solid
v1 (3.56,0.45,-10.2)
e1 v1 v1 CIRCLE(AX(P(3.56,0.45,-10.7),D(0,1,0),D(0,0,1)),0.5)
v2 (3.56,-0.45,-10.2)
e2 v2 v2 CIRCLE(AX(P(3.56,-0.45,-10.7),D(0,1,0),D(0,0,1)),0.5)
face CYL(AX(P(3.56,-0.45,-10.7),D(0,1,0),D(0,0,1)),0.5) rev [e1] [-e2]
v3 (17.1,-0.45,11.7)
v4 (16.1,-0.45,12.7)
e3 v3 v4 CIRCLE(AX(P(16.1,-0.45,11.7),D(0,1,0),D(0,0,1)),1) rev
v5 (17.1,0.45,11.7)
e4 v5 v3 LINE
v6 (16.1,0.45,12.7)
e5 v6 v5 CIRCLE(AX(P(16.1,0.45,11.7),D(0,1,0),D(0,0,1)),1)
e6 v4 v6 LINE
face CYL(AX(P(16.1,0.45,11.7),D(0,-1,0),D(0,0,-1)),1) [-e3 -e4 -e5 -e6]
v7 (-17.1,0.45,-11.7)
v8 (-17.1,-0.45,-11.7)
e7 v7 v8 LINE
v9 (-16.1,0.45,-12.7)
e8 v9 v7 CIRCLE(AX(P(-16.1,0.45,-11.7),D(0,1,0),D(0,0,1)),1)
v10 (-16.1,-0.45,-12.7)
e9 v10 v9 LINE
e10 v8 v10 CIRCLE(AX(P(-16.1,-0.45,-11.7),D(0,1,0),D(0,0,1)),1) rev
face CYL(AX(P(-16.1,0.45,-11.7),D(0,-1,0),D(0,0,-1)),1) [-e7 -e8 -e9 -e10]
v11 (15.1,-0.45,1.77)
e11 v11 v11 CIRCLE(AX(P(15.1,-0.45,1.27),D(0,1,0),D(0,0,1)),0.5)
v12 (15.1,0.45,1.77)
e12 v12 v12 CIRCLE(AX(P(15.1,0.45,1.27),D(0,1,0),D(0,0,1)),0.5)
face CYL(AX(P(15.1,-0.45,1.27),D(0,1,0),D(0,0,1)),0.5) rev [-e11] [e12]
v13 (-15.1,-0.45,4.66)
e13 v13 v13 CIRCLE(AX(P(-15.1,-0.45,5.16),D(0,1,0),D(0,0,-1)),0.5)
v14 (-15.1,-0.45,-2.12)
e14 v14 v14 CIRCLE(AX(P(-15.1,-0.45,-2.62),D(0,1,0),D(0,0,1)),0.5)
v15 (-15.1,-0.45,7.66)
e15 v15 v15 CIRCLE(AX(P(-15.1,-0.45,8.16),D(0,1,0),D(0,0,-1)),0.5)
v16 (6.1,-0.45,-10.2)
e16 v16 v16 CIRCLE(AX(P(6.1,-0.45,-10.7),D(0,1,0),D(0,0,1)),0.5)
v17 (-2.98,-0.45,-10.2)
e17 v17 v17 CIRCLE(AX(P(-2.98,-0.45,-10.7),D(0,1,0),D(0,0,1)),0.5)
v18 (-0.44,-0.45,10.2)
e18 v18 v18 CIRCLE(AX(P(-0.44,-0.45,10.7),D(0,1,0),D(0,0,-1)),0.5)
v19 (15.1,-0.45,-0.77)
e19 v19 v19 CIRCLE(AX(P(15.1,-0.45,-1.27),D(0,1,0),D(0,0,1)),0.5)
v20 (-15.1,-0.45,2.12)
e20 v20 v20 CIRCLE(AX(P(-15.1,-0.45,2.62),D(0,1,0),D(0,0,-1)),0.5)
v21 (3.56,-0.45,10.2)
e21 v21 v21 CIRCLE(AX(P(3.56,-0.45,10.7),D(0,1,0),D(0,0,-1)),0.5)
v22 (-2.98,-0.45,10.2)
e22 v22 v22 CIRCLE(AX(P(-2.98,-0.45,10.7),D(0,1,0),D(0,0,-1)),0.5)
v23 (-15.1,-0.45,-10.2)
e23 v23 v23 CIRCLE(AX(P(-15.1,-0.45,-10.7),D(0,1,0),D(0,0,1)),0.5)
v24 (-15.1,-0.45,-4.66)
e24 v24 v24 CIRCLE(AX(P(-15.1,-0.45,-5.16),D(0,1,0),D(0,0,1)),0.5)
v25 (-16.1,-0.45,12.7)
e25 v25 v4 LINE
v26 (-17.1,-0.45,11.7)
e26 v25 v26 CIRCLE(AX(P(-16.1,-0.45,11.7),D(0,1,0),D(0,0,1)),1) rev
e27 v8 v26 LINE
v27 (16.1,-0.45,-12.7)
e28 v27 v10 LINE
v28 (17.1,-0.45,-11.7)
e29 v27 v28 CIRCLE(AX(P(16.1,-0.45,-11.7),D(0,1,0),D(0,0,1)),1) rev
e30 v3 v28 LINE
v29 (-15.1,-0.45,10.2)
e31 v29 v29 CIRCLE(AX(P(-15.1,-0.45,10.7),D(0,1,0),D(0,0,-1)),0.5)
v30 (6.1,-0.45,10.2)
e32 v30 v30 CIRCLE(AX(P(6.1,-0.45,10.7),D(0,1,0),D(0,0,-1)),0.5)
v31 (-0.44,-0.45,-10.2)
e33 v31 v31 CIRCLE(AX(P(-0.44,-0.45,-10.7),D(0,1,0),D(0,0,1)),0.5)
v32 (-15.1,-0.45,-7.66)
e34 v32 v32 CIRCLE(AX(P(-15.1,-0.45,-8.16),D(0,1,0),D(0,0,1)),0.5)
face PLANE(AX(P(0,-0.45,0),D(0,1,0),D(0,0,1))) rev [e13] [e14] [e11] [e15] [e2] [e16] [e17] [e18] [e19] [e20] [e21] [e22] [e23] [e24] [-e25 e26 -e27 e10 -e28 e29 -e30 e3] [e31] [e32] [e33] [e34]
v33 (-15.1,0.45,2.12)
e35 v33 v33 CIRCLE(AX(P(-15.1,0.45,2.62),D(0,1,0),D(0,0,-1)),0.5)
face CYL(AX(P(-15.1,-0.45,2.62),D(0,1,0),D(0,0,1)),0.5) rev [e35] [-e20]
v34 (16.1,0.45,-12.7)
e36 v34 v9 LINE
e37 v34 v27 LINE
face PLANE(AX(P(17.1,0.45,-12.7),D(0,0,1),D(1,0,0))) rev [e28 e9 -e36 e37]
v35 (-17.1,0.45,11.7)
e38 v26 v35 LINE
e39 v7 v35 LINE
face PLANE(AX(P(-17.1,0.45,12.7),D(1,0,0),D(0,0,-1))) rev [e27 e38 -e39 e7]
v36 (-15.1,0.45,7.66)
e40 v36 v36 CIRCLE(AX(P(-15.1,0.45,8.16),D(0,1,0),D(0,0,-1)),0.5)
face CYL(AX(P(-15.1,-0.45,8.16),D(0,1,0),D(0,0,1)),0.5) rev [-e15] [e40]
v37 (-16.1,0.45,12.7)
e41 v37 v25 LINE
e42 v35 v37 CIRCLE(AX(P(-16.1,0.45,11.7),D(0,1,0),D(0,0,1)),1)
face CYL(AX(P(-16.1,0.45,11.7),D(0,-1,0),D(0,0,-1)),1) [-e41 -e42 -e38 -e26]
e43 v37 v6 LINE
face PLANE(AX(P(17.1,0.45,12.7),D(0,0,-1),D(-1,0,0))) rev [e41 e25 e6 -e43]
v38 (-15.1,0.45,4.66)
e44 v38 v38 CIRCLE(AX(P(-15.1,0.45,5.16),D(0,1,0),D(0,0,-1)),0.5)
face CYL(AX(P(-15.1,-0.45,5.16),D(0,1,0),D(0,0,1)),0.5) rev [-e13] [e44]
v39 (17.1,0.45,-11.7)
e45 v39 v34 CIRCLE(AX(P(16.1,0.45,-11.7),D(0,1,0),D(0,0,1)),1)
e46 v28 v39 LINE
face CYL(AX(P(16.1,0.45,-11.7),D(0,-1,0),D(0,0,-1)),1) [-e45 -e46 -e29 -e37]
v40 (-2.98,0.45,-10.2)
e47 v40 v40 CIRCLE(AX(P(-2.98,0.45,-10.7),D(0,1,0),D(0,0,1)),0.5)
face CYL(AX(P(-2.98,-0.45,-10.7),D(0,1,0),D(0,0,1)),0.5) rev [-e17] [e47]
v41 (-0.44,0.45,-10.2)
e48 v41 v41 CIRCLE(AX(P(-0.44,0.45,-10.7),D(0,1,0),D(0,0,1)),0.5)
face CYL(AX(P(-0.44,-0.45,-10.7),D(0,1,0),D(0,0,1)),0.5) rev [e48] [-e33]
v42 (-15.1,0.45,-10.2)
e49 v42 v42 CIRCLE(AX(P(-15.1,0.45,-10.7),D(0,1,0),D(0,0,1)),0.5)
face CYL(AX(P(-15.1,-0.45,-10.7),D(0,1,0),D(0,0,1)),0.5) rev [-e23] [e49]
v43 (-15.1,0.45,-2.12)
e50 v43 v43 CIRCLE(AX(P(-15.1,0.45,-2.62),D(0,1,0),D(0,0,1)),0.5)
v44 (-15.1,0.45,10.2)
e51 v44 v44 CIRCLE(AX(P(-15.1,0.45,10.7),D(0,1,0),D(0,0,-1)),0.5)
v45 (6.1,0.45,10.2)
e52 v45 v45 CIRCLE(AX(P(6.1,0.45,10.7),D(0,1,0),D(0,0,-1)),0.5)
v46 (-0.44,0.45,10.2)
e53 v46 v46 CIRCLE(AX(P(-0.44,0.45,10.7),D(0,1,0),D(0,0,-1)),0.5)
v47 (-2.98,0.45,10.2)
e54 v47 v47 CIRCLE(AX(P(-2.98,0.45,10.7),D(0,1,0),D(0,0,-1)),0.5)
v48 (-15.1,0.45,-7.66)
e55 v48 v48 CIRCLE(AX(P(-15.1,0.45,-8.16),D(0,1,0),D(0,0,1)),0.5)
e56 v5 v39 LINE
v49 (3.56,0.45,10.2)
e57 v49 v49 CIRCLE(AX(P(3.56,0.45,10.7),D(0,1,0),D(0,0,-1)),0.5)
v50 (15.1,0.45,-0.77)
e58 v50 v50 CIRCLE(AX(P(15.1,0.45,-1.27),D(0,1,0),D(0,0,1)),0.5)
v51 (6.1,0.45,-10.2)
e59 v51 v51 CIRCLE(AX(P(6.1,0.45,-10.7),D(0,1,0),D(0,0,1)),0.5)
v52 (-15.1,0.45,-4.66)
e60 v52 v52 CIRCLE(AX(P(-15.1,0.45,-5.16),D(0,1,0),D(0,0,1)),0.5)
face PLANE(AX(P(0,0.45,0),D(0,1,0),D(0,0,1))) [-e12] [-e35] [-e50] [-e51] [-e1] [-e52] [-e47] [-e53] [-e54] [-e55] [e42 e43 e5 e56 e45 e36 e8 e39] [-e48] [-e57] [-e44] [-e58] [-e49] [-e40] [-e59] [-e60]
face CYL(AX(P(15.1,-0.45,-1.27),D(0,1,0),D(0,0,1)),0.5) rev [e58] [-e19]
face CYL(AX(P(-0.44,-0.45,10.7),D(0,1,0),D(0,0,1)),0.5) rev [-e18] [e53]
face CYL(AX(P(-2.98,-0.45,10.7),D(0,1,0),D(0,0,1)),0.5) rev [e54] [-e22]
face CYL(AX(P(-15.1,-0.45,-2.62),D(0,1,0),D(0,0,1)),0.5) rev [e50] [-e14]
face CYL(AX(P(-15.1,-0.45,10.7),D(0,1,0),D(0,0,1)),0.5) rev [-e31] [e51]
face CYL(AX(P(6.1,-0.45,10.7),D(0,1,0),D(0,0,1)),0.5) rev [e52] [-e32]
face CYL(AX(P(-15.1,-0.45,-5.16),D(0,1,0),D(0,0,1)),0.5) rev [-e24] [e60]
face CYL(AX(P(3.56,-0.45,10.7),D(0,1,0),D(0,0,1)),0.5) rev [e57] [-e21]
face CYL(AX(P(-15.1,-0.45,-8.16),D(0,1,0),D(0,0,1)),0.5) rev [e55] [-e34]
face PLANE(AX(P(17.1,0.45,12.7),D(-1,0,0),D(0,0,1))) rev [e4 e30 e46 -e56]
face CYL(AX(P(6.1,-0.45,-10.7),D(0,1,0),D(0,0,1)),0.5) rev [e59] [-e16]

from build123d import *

# Parameters (mm, degrees)
ESBO_O1_W                = 34.2
ESBO_O1_H                = 25.4
RESSALTO_EXTRUS_O1_DEPTH = 0.45
ESBO_O2_R                = 0.5
CORTE_EXTRUS_O1_DEPTH    = 22.319240137
FILETE1_R                = 1


with BuildPart() as part:
    # Esboço1 → Ressalto-extrusão1 (new, symmetric)
    with BuildSketch(Plane(origin=(0, 0, 0), x_dir=(1, 0, 0), z_dir=(0, 1, 0))):
        Rectangle(ESBO_O1_W, ESBO_O1_H)
    extrude(amount=RESSALTO_EXTRUS_O1_DEPTH, both=True)

    # Esboço2 → Corte-extrusão1 (cut, through all)
    with BuildSketch(Plane(origin=(0, 0.45, 0), x_dir=(1, 0, 0), z_dir=(0, 1, 0))):
        with Locations(Location((15.1, 1.27, 0), (0, 0, 270))):
            Circle(ESBO_O2_R)
        with Locations(Location((15.1, -1.27, 0), (0, 0, 270))):
            Circle(ESBO_O2_R)
        with Locations(Location((-2.98, 10.7, 0), (0, 0, 270))):
            Circle(ESBO_O2_R)
        with Locations(Location((-0.44, 10.7, 0), (0, 0, 270))):
            Circle(ESBO_O2_R)
        with Locations(Location((3.56, 10.7, 0), (0, 0, 270))):
            Circle(ESBO_O2_R)
        with Locations(Location((6.1, 10.7, 0), (0, 0, 270))):
            Circle(ESBO_O2_R)
        with Locations(Location((-15.1, 2.62, 0), (0, 0, 270))):
            Circle(ESBO_O2_R)
        with Locations(Location((-15.1, 5.16, 0), (0, 0, 270))):
            Circle(ESBO_O2_R)
        with Locations(Location((-15.1, 8.16, 0), (0, 0, 270))):
            Circle(ESBO_O2_R)
        with Locations(Location((-15.1, 10.7, 0), (0, 0, 270))):
            Circle(ESBO_O2_R)
        with Locations(Location((6.1, -10.7, 0), (0, 0, 90))):
            Circle(ESBO_O2_R)
        with Locations(Location((3.56, -10.7, 0), (0, 0, 90))):
            Circle(ESBO_O2_R)
        with Locations(Location((-0.44, -10.7, 0), (0, 0, 90))):
            Circle(ESBO_O2_R)
        with Locations(Location((-2.98, -10.7, 0), (0, 0, 90))):
            Circle(ESBO_O2_R)
        with Locations(Location((-15.1, -10.7, 0), (0, 0, 90))):
            Circle(ESBO_O2_R)
        with Locations(Location((-15.1, -8.16, 0), (0, 0, 90))):
            Circle(ESBO_O2_R)
        with Locations(Location((-15.1, -5.16, 0), (0, 0, 90))):
            Circle(ESBO_O2_R)
        with Locations(Location((-15.1, -2.62, 0), (0, 0, 90))):
            Circle(ESBO_O2_R)
    extrude(amount=-CORTE_EXTRUS_O1_DEPTH, mode=Mode.SUBTRACT)

    # Filete1
    filete1_edges = [part.edges().sort_by_distance(p)[0] for p in [
        (-17.1, 0, -12.7),
        (17.1, 0, -12.7),
        (17.1, 0, 12.7),
        (-17.1, 0, 12.7),
    ]]
    fillet(filete1_edges, radius=FILETE1_R)


solid = part.part
